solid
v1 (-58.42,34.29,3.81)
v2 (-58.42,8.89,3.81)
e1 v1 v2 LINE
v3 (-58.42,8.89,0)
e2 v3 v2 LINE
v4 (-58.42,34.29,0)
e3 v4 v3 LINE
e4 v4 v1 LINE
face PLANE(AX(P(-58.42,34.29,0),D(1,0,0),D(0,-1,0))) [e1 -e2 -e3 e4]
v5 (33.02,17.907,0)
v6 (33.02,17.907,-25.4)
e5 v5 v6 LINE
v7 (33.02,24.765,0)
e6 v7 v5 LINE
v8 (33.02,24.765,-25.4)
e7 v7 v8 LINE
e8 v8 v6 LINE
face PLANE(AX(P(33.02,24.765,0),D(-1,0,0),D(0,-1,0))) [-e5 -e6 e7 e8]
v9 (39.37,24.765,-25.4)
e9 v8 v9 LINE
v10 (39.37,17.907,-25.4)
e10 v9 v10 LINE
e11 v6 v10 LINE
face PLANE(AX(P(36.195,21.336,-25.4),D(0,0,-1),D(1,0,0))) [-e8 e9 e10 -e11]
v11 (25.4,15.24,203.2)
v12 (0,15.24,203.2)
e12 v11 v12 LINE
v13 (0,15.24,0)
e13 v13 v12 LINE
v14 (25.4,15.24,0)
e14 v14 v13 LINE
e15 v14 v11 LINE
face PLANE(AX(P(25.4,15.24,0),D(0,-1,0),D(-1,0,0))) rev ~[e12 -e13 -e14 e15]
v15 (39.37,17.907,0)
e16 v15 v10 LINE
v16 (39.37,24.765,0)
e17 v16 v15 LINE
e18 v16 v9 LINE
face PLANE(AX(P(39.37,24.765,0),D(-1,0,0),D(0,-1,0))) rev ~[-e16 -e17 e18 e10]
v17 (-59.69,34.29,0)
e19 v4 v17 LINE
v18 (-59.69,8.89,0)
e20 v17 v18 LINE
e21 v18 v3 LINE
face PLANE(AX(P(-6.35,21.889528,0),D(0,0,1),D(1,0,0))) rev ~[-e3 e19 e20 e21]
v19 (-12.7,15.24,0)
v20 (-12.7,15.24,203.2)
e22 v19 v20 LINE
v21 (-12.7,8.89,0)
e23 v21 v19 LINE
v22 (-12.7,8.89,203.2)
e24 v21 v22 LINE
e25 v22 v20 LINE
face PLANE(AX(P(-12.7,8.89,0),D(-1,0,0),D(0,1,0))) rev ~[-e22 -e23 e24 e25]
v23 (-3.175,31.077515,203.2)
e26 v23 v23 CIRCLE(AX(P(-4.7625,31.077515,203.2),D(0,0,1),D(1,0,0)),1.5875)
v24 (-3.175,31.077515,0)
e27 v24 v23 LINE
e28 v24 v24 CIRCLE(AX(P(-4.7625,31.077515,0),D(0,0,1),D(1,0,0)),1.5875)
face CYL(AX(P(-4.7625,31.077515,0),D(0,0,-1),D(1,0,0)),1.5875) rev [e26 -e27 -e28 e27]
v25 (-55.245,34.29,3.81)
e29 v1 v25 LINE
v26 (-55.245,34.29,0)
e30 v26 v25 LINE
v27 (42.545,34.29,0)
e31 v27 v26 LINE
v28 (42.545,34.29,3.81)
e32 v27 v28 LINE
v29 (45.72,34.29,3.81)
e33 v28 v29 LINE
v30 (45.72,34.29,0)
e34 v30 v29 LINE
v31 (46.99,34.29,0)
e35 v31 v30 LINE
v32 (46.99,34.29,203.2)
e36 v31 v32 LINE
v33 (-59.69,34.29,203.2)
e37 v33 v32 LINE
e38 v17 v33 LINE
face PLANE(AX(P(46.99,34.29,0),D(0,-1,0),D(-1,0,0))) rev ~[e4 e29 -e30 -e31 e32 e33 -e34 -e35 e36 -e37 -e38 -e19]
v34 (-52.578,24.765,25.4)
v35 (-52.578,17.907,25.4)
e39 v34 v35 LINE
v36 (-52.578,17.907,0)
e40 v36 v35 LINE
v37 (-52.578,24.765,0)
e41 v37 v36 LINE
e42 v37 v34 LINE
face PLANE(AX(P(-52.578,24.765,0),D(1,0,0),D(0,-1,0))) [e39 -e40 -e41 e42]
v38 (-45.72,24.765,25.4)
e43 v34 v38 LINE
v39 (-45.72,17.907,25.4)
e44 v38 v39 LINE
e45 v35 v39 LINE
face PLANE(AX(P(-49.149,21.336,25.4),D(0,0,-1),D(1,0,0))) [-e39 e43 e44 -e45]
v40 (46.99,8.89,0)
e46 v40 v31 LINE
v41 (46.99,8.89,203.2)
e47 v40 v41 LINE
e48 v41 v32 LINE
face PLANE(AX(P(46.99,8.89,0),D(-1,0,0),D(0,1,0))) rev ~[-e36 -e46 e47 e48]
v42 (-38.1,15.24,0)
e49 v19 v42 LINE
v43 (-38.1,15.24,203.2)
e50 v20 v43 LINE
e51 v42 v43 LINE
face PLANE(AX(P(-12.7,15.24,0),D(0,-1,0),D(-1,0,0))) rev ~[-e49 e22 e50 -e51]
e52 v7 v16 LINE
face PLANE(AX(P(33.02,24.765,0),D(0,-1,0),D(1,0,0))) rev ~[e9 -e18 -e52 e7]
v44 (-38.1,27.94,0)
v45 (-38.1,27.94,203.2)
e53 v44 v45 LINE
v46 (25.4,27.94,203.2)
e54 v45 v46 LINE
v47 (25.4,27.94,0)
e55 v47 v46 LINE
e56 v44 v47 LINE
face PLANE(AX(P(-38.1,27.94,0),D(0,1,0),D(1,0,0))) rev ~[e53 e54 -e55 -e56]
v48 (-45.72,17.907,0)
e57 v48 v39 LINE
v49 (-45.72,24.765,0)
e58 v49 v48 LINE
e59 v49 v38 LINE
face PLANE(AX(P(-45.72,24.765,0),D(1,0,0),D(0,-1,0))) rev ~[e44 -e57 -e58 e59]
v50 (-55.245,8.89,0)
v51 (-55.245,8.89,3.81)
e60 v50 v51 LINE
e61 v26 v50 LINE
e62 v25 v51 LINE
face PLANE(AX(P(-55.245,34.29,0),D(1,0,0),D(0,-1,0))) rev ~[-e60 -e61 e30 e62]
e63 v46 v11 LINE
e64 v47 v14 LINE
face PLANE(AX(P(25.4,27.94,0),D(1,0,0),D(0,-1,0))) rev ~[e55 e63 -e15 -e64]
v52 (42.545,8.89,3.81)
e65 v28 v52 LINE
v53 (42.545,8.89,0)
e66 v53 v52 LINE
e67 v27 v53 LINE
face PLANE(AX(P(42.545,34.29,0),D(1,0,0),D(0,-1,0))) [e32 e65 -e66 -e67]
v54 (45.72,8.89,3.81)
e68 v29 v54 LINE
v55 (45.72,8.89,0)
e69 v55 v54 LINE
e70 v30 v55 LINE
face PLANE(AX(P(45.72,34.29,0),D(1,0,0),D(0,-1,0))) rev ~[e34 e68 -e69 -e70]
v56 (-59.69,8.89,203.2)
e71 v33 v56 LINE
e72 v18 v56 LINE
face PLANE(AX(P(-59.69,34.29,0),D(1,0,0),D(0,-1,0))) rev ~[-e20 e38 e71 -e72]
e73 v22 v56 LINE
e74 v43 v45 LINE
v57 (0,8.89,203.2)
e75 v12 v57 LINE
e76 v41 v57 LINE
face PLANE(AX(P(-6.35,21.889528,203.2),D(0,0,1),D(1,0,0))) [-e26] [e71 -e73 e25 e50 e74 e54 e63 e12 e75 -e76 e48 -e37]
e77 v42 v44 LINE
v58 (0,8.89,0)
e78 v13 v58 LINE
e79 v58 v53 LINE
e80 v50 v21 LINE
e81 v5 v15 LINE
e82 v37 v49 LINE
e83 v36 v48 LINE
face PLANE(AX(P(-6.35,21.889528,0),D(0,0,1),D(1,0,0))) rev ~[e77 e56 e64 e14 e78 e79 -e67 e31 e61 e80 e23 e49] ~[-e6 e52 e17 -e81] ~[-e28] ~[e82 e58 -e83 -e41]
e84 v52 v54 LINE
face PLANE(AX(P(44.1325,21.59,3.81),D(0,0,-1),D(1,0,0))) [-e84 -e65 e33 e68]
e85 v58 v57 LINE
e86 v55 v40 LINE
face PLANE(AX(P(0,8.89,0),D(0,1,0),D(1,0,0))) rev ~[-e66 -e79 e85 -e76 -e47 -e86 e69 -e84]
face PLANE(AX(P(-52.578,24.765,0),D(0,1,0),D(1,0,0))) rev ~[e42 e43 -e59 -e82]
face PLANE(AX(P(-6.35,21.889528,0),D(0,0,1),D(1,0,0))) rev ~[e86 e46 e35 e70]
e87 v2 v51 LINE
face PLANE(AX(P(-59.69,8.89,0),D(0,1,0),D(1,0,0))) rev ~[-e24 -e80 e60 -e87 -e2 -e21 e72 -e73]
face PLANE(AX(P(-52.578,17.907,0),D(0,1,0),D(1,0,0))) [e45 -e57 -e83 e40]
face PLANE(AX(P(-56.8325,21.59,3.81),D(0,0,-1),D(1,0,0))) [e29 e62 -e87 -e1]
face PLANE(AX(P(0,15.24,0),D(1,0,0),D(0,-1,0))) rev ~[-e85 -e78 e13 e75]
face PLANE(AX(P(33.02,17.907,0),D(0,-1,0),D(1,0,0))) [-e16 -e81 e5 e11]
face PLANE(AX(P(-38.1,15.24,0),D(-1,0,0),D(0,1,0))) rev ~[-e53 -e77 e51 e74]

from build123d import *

# Parameters (mm, degrees)
F0_R      = 1.5875
F1_DEPTH  = 203.2
F2_W      = 3.81
F2_H      = 4.445
F3_DEPTH  = 25.4
F5_DEPTH  = 25.4
F6_W      = 6.858
F6_H      = 6.858
F7_DEPTH  = 25.4
F6_W_2    = 6.35
F8_DEPTH  = 25.4
F9_W      = 3.175
F9_H      = 25.4
F10_DEPTH = 3.81
F11_W     = 3.175
F11_H     = 25.4
F12_DEPTH = 3.81


with BuildPart() as f1:
    # F0 (on Top) → F1 (new body)
    with BuildSketch(Plane.XY):
        Polygon((46.99, 34.29), (-59.69, 34.29), (-59.69, 8.89), (-12.7, 8.89), (-12.7, 15.24), (-38.1, 15.24), (-38.1, 27.94), (25.4, 27.94), (25.4, 15.24), (0, 15.24), (0, 8.89), (46.99, 8.89), align=None)
        with Locations((-4.7625, 31.077515)):
            Circle(F0_R, mode=Mode.SUBTRACT)
    extrude(amount=F1_DEPTH)

    # F2 (on face) → F3 (cut)
    with BuildSketch(Plane(origin=(0, 34.29, 0), x_dir=(-1, 0, 0), z_dir=(0, 1, 0))):
        with Locations((56.515, 205.4225)):
            Rectangle(F2_W, F2_H)
    extrude(amount=-F3_DEPTH, mode=Mode.SUBTRACT)

    # F4 (on face) → F5 (cut)
    with BuildSketch(Plane(origin=(0, 34.29, 0), x_dir=(-1, 0, 0), z_dir=(0, 1, 0))):
        Polygon((-41.91, 207.644923), (-45.72, 207.644923), (-45.72, 203.2), (-41.928444, 203.2), align=None)
    extrude(amount=-F5_DEPTH, mode=Mode.SUBTRACT)

    # F6 (on face) → F7 (cut)
    with BuildSketch(Plane(origin=(0, 0, 0), x_dir=(1, 0, 0), z_dir=(0, 0, -1))):
        with Locations((-49.149, -21.336)):
            Rectangle(F6_W, F6_H)
    extrude(amount=-F7_DEPTH, mode=Mode.SUBTRACT)

    # F6 (on face) → F8 (join)
    with BuildSketch(Plane(origin=(0, 0, 0), x_dir=(1, 0, 0), z_dir=(0, 0, -1))):
        with Locations((36.195, -21.336)):
            Rectangle(F6_W_2, F6_H)
    extrude(amount=F8_DEPTH)

    # F9 (on face) → F10 (cut)
    with BuildSketch(Plane(origin=(0, 0, 0), x_dir=(1, 0, 0), z_dir=(0, 0, -1))):
        with Locations((-56.8325, -21.59)):
            Rectangle(F9_W, F9_H)
    extrude(amount=-F10_DEPTH, mode=Mode.SUBTRACT)

    # F11 (on face) → F12 (cut)
    with BuildSketch(Plane(origin=(0, 0, 0), x_dir=(1, 0, 0), z_dir=(0, 0, -1))):
        with Locations((44.1325, -21.59)):
            Rectangle(F11_W, F11_H)
    extrude(amount=-F12_DEPTH, mode=Mode.SUBTRACT)


solid = f1.part
